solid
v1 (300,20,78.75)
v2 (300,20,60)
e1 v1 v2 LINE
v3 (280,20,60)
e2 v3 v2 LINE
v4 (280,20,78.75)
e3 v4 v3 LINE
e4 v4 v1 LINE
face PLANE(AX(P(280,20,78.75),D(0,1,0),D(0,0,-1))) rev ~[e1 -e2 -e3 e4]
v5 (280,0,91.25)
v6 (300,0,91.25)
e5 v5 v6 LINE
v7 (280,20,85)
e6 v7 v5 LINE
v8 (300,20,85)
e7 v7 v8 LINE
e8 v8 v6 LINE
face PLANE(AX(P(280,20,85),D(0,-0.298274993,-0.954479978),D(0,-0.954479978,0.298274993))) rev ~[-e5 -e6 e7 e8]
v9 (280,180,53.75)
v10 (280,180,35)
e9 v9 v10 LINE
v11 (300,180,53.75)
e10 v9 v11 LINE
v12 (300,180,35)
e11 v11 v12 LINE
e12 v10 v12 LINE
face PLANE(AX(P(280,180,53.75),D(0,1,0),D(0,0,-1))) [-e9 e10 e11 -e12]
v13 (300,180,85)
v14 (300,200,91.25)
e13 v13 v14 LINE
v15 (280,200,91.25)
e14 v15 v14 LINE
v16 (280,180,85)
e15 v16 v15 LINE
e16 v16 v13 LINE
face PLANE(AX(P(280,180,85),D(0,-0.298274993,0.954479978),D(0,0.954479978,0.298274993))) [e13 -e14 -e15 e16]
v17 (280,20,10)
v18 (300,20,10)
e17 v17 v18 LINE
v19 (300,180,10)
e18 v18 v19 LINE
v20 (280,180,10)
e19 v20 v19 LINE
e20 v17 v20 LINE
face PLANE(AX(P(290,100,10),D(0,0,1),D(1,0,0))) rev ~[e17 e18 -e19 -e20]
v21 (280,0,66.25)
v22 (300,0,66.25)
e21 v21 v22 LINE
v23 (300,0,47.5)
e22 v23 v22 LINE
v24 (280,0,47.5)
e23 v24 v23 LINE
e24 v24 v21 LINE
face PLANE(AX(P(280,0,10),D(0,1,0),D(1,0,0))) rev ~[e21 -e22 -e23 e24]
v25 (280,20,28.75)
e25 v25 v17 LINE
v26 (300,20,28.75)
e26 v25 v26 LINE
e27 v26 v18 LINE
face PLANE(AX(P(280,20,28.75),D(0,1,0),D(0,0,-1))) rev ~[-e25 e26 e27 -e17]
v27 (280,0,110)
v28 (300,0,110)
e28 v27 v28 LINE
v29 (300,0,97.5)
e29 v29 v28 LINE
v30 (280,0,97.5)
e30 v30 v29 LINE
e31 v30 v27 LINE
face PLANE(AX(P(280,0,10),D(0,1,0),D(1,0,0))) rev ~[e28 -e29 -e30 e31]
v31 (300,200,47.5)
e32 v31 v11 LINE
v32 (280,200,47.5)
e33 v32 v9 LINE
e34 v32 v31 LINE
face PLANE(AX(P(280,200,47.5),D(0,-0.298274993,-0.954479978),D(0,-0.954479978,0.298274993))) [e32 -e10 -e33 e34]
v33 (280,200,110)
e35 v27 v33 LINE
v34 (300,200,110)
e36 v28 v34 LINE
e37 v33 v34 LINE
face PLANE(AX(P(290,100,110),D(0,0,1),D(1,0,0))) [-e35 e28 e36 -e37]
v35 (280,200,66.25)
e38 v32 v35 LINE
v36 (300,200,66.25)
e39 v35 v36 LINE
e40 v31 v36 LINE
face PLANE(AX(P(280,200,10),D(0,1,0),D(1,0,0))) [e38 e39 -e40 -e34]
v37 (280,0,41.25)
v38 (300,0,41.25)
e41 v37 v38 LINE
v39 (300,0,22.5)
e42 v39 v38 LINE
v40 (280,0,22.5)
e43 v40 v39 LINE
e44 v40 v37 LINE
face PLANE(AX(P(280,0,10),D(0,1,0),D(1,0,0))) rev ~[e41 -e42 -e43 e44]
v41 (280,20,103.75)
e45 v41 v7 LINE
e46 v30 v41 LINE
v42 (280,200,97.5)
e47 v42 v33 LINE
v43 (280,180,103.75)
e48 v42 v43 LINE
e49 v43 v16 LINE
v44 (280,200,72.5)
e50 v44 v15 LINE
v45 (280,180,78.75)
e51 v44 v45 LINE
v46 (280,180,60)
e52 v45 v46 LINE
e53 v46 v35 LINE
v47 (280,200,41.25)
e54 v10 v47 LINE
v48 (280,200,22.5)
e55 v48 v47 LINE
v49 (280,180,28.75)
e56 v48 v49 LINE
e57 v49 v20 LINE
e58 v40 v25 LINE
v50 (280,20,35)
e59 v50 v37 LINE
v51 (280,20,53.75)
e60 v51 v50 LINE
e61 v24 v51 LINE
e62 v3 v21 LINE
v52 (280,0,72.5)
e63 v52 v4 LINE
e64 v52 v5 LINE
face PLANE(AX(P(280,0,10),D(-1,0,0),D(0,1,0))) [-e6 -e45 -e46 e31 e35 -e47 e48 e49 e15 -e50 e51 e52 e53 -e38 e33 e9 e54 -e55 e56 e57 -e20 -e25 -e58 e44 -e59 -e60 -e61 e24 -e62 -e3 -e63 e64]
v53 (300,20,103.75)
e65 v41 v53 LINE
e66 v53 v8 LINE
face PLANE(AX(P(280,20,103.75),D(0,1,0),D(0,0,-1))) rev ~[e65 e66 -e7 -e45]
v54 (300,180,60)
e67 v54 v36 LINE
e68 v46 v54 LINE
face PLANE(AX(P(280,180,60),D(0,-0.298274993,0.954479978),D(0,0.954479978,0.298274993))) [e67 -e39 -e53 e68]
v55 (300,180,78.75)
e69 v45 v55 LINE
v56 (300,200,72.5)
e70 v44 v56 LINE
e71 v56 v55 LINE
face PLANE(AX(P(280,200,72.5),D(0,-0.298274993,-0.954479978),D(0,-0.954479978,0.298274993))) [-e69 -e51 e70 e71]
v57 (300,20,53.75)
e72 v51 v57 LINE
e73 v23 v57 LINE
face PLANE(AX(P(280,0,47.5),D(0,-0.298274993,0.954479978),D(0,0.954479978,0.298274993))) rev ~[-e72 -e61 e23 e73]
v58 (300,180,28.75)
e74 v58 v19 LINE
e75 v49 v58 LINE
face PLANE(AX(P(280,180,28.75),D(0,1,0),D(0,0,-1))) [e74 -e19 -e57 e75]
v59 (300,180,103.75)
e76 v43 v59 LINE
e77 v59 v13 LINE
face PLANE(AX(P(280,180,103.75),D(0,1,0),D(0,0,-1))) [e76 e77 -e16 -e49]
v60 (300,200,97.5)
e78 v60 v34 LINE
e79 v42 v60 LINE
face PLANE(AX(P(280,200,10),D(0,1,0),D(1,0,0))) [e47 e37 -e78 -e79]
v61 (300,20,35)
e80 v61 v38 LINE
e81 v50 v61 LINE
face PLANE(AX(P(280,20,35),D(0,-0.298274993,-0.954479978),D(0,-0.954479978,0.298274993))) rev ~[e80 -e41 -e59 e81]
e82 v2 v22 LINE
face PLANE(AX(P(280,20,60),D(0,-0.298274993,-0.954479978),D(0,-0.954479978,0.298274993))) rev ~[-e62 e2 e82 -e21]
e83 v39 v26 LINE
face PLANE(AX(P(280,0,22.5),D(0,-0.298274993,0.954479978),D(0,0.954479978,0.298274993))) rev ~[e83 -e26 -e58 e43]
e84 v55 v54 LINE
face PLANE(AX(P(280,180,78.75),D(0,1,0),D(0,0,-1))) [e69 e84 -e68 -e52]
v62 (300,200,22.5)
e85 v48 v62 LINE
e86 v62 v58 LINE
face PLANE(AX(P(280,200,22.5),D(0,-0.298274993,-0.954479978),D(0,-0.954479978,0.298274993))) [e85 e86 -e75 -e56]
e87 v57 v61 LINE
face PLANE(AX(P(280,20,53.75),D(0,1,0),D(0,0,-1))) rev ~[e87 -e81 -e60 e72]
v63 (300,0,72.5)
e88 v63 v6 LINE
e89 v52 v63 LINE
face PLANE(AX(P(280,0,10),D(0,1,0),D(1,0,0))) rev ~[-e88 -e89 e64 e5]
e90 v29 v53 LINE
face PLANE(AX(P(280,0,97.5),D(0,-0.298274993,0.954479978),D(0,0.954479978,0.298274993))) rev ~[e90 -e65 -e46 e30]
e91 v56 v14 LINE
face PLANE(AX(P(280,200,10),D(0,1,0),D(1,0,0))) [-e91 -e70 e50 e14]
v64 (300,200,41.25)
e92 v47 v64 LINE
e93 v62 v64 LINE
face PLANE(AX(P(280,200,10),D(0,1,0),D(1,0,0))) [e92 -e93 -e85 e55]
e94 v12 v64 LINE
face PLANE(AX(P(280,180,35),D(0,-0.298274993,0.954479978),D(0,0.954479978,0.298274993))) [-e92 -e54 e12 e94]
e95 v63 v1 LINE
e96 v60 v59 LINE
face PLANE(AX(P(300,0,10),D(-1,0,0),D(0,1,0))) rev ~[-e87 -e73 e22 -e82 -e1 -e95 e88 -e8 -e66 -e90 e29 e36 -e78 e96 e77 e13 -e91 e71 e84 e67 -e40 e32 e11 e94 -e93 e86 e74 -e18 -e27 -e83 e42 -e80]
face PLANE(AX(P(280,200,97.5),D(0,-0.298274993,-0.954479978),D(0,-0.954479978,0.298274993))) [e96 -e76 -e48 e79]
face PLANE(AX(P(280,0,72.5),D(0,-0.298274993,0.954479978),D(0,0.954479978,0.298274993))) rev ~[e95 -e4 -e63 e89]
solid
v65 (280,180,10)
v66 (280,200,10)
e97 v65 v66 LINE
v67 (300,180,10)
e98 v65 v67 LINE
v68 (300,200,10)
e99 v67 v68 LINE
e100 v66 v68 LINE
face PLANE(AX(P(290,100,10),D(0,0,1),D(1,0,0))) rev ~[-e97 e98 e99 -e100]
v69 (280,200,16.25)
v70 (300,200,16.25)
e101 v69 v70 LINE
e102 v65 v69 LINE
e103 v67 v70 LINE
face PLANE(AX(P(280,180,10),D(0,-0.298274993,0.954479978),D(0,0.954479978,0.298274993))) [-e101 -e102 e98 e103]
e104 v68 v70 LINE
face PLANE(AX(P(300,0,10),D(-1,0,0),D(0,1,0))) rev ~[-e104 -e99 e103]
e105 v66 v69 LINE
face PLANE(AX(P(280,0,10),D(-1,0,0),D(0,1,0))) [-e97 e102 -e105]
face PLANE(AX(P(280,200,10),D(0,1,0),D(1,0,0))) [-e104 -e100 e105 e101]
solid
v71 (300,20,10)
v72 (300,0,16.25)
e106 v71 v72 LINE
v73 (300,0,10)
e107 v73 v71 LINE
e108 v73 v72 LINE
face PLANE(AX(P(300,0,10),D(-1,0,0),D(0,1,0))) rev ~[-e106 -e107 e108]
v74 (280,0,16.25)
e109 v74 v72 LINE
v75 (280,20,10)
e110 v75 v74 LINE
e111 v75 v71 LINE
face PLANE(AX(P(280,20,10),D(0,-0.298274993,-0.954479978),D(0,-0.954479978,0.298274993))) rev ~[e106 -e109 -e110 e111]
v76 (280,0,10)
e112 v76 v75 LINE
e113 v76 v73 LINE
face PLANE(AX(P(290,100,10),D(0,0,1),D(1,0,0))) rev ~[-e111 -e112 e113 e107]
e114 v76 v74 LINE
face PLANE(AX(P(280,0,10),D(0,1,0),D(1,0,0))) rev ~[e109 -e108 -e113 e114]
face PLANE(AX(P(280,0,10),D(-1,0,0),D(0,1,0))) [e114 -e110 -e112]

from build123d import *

# Parameters (mm, degrees)
PAD003_DEPTH     = 20
ARRAY002_Z_COUNT = 4
ARRAY002_Z_PITCH = 25
PAD002_DEPTH     = 20
ARRAY003_Z_COUNT = 4
ARRAY003_Z_PITCH = 25
BOX009_W         = 20
BOX009_H         = 200
BOX009_DEPTH     = 100


with BuildPart() as array002:
    # Sketch002 → Pad003 (new body)
    with BuildSketch(Plane(origin=(0, 200, 10), x_dir=(0, 1, 0), z_dir=(1, 0, 0))):
        Polygon((0, 18.75), (0, 0), (-20, 6.25), (-20, 12.5), align=None)
    extrude(amount=PAD003_DEPTH)

    # Array002 Z: Array002 ×4


with BuildPart() as array002_1:
    add(array002.part)
    with Locations(*[(0, 0, i * ARRAY002_Z_PITCH) for i in range(1, ARRAY002_Z_COUNT)]):
        add(array002.part)


with BuildPart() as array002_2:
    # Array002 placement: moved
    add(array002_1.part.moved(Location((0, -180, 0))))


with BuildPart() as fusion001:
    # Sketch003 → Pad002 (new body)
    with BuildSketch(Plane(origin=(0, 0, 10), x_dir=(0, 1, 0), z_dir=(1, 0, 0))):
        Polygon((0, 18.75), (0, 0), (20, 6.25), (20, 12.5), align=None)
    extrude(amount=PAD002_DEPTH)

    # Array003 Z: Fusion001 ×4


with BuildPart() as fusion001_1:
    add(fusion001.part)
    with Locations(*[(0, 0, i * ARRAY003_Z_PITCH) for i in range(1, ARRAY003_Z_COUNT)]):
        add(fusion001.part)


with BuildPart() as fusion001_2:
    # Array003 placement: moved
    add(fusion001_1.part.moved(Location((0, 180, 0))))

    # Fusion001: union Array002
    add(array002_2.part)


with BuildPart() as right_cut:
    # Box009 → Box009 (new body)
    with BuildSketch(Plane.XY.offset(10)):
        with Locations((10, 100)):
            Rectangle(BOX009_W, BOX009_H)
    extrude(amount=BOX009_DEPTH)

    # Cut001: cut Fusion001
    add(fusion001_2.part, mode=Mode.SUBTRACT)


with BuildPart() as right_cut_1:
    # Cut001 placement: moved
    add(right_cut.part.moved(Location((280, 0, 0))))


solid = right_cut_1.part
